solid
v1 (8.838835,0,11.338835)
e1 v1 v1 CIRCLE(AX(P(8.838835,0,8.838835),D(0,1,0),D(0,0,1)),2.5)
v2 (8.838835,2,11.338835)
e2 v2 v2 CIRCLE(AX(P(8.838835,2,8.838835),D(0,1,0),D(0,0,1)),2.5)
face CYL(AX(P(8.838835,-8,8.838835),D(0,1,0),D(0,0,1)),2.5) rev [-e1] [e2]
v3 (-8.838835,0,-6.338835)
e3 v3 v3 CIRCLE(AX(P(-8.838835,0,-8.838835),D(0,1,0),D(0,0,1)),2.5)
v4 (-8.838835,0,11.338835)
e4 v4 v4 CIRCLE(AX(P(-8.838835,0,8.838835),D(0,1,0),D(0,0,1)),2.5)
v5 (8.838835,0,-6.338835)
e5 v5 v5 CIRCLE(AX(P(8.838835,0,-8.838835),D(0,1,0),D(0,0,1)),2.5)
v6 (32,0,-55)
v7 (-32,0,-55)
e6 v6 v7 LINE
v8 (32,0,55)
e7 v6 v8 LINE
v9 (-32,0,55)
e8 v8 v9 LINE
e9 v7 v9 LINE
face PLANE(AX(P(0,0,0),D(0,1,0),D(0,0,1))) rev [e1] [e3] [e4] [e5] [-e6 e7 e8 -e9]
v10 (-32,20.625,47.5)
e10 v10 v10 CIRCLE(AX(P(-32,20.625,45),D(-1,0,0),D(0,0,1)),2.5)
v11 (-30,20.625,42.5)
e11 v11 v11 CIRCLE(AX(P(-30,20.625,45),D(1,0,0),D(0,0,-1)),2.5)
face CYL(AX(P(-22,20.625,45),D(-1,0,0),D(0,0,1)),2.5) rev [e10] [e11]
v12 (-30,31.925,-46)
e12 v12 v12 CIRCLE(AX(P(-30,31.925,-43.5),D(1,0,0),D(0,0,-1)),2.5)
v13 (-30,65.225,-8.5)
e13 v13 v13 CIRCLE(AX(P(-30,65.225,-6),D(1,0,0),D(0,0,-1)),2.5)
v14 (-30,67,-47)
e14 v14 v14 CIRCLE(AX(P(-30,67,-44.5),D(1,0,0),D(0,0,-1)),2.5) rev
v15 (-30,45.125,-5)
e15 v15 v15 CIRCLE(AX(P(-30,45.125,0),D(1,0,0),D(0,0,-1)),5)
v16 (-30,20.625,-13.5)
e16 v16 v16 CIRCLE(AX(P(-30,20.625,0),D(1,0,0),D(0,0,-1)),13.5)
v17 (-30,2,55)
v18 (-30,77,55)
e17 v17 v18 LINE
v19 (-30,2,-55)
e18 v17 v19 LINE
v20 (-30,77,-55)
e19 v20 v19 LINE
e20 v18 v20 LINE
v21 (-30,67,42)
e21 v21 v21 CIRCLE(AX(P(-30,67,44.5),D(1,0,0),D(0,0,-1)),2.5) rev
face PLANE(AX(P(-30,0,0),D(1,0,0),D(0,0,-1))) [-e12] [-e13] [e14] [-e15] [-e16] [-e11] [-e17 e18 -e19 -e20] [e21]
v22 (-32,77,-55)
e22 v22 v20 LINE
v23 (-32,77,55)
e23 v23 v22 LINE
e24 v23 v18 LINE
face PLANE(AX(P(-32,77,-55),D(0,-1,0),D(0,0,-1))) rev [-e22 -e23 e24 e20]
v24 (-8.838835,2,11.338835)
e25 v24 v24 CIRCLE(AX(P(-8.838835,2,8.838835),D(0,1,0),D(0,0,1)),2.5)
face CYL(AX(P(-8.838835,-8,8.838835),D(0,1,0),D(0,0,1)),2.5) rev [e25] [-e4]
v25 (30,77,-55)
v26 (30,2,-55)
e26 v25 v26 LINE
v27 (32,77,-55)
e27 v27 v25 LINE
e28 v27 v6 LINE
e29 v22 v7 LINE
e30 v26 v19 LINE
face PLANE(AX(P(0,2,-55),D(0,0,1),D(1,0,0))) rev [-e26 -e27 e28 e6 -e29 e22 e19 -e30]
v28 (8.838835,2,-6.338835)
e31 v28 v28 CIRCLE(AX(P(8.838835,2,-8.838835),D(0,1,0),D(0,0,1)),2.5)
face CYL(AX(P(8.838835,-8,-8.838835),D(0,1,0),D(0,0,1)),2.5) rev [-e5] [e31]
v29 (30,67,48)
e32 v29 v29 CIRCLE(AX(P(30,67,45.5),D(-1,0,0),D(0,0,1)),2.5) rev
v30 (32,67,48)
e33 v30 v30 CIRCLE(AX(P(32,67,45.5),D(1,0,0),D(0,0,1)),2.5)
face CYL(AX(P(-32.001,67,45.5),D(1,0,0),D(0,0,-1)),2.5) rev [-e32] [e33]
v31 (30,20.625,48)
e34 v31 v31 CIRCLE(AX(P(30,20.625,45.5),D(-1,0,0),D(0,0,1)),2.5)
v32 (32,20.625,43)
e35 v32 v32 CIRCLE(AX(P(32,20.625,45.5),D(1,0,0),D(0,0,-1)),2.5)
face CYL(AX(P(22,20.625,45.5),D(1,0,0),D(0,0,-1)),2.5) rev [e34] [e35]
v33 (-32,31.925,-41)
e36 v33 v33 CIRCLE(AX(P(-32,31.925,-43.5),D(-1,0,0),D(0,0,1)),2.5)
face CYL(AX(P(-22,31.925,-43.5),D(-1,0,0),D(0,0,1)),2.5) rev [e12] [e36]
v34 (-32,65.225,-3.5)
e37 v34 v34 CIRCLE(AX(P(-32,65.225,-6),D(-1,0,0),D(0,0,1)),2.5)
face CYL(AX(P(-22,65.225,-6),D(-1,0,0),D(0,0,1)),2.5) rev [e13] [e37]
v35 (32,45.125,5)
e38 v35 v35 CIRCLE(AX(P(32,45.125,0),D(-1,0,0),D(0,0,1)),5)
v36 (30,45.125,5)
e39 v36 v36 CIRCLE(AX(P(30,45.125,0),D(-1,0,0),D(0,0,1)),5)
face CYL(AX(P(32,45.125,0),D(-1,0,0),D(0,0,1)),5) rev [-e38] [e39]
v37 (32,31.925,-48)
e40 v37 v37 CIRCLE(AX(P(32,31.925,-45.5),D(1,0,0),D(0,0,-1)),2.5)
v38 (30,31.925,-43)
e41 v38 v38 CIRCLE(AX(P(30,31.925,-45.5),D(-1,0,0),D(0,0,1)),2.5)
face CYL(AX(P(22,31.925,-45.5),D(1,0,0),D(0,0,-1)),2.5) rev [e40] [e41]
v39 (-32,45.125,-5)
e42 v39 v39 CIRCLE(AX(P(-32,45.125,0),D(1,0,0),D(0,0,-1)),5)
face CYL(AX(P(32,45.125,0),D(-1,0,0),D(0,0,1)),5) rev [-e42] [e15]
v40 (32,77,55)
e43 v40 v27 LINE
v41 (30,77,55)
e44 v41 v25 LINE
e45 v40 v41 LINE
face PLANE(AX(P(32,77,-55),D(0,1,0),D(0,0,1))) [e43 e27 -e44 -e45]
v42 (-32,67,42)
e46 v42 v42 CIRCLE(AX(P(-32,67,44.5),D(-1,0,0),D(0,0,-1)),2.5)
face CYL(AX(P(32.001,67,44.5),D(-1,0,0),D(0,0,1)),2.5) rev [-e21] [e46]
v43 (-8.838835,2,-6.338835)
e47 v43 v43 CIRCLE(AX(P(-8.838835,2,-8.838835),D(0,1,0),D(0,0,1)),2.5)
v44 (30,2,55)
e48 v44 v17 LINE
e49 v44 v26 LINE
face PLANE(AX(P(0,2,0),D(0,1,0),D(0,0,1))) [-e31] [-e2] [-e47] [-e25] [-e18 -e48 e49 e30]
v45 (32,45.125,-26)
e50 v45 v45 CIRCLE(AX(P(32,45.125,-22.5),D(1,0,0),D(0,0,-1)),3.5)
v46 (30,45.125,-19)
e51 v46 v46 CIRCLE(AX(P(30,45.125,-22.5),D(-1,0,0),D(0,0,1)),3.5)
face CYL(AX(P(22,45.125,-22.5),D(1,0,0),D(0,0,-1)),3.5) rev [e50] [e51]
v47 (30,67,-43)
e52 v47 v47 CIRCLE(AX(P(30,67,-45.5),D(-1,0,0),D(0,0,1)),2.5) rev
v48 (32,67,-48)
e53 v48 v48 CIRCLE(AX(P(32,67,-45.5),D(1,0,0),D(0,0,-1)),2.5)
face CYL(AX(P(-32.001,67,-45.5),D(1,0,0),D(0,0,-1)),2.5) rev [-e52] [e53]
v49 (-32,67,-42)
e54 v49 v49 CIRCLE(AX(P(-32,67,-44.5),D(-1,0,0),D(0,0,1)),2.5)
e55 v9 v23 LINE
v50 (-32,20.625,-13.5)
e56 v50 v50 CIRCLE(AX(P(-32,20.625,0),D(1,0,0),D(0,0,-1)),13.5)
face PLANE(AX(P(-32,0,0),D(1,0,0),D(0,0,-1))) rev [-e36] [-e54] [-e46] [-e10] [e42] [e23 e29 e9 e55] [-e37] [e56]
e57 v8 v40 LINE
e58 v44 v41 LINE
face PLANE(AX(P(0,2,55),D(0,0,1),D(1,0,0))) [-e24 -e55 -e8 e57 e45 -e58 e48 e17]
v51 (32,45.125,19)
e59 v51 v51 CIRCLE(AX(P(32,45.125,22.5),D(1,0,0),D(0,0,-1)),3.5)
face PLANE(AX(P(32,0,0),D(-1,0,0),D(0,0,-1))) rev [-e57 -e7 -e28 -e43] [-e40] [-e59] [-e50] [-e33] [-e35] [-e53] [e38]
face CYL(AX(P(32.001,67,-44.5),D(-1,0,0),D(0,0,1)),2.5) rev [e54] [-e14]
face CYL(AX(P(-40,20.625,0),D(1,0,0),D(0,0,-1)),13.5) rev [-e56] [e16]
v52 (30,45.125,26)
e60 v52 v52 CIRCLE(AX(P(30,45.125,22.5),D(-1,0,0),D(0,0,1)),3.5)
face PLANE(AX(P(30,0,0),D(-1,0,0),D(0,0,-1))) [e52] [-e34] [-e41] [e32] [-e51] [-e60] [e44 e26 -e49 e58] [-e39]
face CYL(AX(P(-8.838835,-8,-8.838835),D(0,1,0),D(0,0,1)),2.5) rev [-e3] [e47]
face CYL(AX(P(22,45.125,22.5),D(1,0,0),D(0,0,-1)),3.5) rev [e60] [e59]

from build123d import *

# Parameters (mm, degrees)
ESBO_O1_W                  = 60
ESBO_O1_H                  = 110
ESBO_O1_R                  = 25
RESSALTO_EXTRUS_O1_DEPTH   = 2
ESBO_O2_W                  = 110
ESBO_O2_H                  = 77
RESSALTO_EXTRUS_O2_DEPTH   = 2
ESBO_O5_R                  = 13.5
ESBO_O5_R_2                = 1
CORTE_EXTRUS_O3_DEPTH      = 10
ESBO_O6_R                  = 2.5
CORTE_EXTRUS_O4_DEPTH      = 10
ESBO_O8_R                  = 5
CORTE_EXTRUS_O7_DEPTH      = 115.236596588
CORTE_EXTRUS_O7_DEPTH_BACK = 115.236596588
ESBO_O9_R                  = 2.5
CORTE_EXTRUS_O8_DEPTH      = 10
ESBO_O12_R                 = 2.5
CORTE_EXTRUS_O9_DEPTH      = 10
CORTE_EXTRUS_O10_REACH     = 116.237
ESBO_O13_R                 = 2.5
ESBO_O15_R                 = 3.5
CORTE_EXTRUS_O11_DEPTH     = 10
CUT_EXTRUDE1_REACH         = 116.237
SKETCH1_R                  = 2.5


with BuildPart() as part:
    # Esboço1 → Ressalto-extrusão1 (new body)
    with BuildSketch(Plane(origin=(0, 0, 0), x_dir=(1, 0, 0), z_dir=(0, 1, 0))):
        Rectangle(ESBO_O1_W, ESBO_O1_H)
        Circle(ESBO_O1_R, mode=Mode.SUBTRACT)
        Circle(ESBO_O1_R)
    extrude(amount=RESSALTO_EXTRUS_O1_DEPTH)

    # Esboço2 → Ressalto-extrusão2 (add)
    with BuildSketch(Plane.ZY.offset(30)):
        with Locations((0, 38.5)):
            Rectangle(ESBO_O2_W, ESBO_O2_H)
    ressalto_extrus_o2 = extrude(amount=RESSALTO_EXTRUS_O2_DEPTH)

    # Espelhar1: Ressalto-extrusão2 across plane
    add(ressalto_extrus_o2.mirror(Plane(origin=(0, 0, 0), x_dir=(0, 0, 1), z_dir=(1, 0, 0))))

    # Esboço5 → Corte-extrusão3 (cut)
    with BuildSketch(Plane(origin=(-30, 0, 0), x_dir=(0, 0, -1), z_dir=(1, 0, 0))):
        with Locations((0, 20.625)):
            Circle(ESBO_O5_R)
        with Locations((0, 20.625)):
            Circle(ESBO_O5_R_2, mode=Mode.SUBTRACT)
        with Locations((0, 20.625)):
            Circle(ESBO_O5_R_2)
    extrude(amount=-CORTE_EXTRUS_O3_DEPTH, mode=Mode.SUBTRACT)

    # Esboço6 → Corte-extrusão4 (cut)
    with BuildSketch(Plane.ZY.offset(32)):
        with Locations((45, 20.625)):
            Circle(ESBO_O6_R)
        with Locations((-6, 65.225)):
            Circle(ESBO_O6_R)
        with Locations((-43.5, 31.925)):
            Circle(ESBO_O6_R)
    extrude(amount=-CORTE_EXTRUS_O4_DEPTH, mode=Mode.SUBTRACT)

    # Esboço8 → Corte-extrusão7 (cut, two sides)
    with BuildSketch(Plane.ZY.offset(32)) as corte_extrus_o7_sk:
        with Locations((0, 45.125)):
            Circle(ESBO_O8_R)
    extrude(amount=CORTE_EXTRUS_O7_DEPTH, mode=Mode.SUBTRACT)
    extrude(corte_extrus_o7_sk.sketch, amount=-CORTE_EXTRUS_O7_DEPTH_BACK, mode=Mode.SUBTRACT)

    # Esboço9 → Corte-extrusão8 (cut)
    with BuildSketch(Plane(origin=(0, 2, 0), x_dir=(1, 0, 0), z_dir=(0, 1, 0))):
        with Locations(Location((-8.838834765, 8.838834765, 0), (0, 0, 270))):
            Circle(ESBO_O9_R)
        with Locations(Location((-8.838834765, -8.838834765, 0), (0, 0, 270))):
            Circle(ESBO_O9_R)
        with Locations(Location((8.838834765, 8.838834765, 0), (0, 0, 270))):
            Circle(ESBO_O9_R)
        with Locations(Location((8.838834765, -8.838834765, 0), (0, 0, 270))):
            Circle(ESBO_O9_R)
    extrude(amount=-CORTE_EXTRUS_O8_DEPTH, mode=Mode.SUBTRACT)

    # Esboço12 → Corte-extrusão9 (cut)
    with BuildSketch(Plane(origin=(32, 0, 0), x_dir=(0, 0, -1), z_dir=(1, 0, 0))):
        with Locations((45.5, 31.925)):
            Circle(ESBO_O12_R)
        with Locations((-45.5, 20.625)):
            Circle(ESBO_O12_R)
    extrude(amount=-CORTE_EXTRUS_O9_DEPTH, mode=Mode.SUBTRACT)

    # Esboço13 → Corte-extrusão10 (cut, up to next)
    with BuildSketch(Plane.ZY.offset(32), mode=Mode.PRIVATE) as corte_extrus_o10_sk1:
        with Locations((-44.5, 67)):
            Circle(ESBO_O13_R)
    corte_extrus_o10_tool1 = extrude(corte_extrus_o10_sk1.sketch, amount=-CORTE_EXTRUS_O10_REACH, mode=Mode.PRIVATE) & part.part
    # Esboço13 → Corte-extrusão10 (cut, up to next)
    with BuildSketch(Plane.ZY.offset(32), mode=Mode.PRIVATE) as corte_extrus_o10_sk2:
        with Locations(Location((44.5, 67, 0), (0, 0, 180))):
            Circle(ESBO_O13_R)
    corte_extrus_o10_tool2 = extrude(corte_extrus_o10_sk2.sketch, amount=-CORTE_EXTRUS_O10_REACH, mode=Mode.PRIVATE) & part.part
    add(corte_extrus_o10_tool1.solids().sort_by_distance((-32, 67, -44.5))[0], mode=Mode.SUBTRACT)
    add(corte_extrus_o10_tool2.solids().sort_by_distance((-32, 67, 44.5))[0], mode=Mode.SUBTRACT)

    # Esboço15 → Corte-extrusão11 (cut)
    with BuildSketch(Plane(origin=(32, 0, 0), x_dir=(0, 0, -1), z_dir=(1, 0, 0))):
        with Locations((-22.5, 45.125)):
            Circle(ESBO_O15_R)
        with Locations((22.5, 45.125)):
            Circle(ESBO_O15_R)
    extrude(amount=-CORTE_EXTRUS_O11_DEPTH, mode=Mode.SUBTRACT)

    # Sketch1 → Cut-Extrude1 (cut, up to next)
    with BuildSketch(Plane(origin=(32, 0, 0), x_dir=(0, 0, -1), z_dir=(1, 0, 0)), mode=Mode.PRIVATE) as cut_extrude1_sk1:
        with Locations((45.5, 67)):
            Circle(SKETCH1_R)
    cut_extrude1_tool1 = extrude(cut_extrude1_sk1.sketch, amount=-CUT_EXTRUDE1_REACH, mode=Mode.PRIVATE) & part.part
    # Sketch1 → Cut-Extrude1 (cut, up to next)
    with BuildSketch(Plane(origin=(32, 0, 0), x_dir=(0, 0, -1), z_dir=(1, 0, 0)), mode=Mode.PRIVATE) as cut_extrude1_sk2:
        with Locations(Location((-45.5, 67, 0), (0, 0, 180))):
            Circle(SKETCH1_R)
    cut_extrude1_tool2 = extrude(cut_extrude1_sk2.sketch, amount=-CUT_EXTRUDE1_REACH, mode=Mode.PRIVATE) & part.part
    add(cut_extrude1_tool1.solids().sort_by_distance((32, 67, -45.5))[0], mode=Mode.SUBTRACT)
    add(cut_extrude1_tool2.solids().sort_by_distance((32, 67, 45.5))[0], mode=Mode.SUBTRACT)


solid = part.part
